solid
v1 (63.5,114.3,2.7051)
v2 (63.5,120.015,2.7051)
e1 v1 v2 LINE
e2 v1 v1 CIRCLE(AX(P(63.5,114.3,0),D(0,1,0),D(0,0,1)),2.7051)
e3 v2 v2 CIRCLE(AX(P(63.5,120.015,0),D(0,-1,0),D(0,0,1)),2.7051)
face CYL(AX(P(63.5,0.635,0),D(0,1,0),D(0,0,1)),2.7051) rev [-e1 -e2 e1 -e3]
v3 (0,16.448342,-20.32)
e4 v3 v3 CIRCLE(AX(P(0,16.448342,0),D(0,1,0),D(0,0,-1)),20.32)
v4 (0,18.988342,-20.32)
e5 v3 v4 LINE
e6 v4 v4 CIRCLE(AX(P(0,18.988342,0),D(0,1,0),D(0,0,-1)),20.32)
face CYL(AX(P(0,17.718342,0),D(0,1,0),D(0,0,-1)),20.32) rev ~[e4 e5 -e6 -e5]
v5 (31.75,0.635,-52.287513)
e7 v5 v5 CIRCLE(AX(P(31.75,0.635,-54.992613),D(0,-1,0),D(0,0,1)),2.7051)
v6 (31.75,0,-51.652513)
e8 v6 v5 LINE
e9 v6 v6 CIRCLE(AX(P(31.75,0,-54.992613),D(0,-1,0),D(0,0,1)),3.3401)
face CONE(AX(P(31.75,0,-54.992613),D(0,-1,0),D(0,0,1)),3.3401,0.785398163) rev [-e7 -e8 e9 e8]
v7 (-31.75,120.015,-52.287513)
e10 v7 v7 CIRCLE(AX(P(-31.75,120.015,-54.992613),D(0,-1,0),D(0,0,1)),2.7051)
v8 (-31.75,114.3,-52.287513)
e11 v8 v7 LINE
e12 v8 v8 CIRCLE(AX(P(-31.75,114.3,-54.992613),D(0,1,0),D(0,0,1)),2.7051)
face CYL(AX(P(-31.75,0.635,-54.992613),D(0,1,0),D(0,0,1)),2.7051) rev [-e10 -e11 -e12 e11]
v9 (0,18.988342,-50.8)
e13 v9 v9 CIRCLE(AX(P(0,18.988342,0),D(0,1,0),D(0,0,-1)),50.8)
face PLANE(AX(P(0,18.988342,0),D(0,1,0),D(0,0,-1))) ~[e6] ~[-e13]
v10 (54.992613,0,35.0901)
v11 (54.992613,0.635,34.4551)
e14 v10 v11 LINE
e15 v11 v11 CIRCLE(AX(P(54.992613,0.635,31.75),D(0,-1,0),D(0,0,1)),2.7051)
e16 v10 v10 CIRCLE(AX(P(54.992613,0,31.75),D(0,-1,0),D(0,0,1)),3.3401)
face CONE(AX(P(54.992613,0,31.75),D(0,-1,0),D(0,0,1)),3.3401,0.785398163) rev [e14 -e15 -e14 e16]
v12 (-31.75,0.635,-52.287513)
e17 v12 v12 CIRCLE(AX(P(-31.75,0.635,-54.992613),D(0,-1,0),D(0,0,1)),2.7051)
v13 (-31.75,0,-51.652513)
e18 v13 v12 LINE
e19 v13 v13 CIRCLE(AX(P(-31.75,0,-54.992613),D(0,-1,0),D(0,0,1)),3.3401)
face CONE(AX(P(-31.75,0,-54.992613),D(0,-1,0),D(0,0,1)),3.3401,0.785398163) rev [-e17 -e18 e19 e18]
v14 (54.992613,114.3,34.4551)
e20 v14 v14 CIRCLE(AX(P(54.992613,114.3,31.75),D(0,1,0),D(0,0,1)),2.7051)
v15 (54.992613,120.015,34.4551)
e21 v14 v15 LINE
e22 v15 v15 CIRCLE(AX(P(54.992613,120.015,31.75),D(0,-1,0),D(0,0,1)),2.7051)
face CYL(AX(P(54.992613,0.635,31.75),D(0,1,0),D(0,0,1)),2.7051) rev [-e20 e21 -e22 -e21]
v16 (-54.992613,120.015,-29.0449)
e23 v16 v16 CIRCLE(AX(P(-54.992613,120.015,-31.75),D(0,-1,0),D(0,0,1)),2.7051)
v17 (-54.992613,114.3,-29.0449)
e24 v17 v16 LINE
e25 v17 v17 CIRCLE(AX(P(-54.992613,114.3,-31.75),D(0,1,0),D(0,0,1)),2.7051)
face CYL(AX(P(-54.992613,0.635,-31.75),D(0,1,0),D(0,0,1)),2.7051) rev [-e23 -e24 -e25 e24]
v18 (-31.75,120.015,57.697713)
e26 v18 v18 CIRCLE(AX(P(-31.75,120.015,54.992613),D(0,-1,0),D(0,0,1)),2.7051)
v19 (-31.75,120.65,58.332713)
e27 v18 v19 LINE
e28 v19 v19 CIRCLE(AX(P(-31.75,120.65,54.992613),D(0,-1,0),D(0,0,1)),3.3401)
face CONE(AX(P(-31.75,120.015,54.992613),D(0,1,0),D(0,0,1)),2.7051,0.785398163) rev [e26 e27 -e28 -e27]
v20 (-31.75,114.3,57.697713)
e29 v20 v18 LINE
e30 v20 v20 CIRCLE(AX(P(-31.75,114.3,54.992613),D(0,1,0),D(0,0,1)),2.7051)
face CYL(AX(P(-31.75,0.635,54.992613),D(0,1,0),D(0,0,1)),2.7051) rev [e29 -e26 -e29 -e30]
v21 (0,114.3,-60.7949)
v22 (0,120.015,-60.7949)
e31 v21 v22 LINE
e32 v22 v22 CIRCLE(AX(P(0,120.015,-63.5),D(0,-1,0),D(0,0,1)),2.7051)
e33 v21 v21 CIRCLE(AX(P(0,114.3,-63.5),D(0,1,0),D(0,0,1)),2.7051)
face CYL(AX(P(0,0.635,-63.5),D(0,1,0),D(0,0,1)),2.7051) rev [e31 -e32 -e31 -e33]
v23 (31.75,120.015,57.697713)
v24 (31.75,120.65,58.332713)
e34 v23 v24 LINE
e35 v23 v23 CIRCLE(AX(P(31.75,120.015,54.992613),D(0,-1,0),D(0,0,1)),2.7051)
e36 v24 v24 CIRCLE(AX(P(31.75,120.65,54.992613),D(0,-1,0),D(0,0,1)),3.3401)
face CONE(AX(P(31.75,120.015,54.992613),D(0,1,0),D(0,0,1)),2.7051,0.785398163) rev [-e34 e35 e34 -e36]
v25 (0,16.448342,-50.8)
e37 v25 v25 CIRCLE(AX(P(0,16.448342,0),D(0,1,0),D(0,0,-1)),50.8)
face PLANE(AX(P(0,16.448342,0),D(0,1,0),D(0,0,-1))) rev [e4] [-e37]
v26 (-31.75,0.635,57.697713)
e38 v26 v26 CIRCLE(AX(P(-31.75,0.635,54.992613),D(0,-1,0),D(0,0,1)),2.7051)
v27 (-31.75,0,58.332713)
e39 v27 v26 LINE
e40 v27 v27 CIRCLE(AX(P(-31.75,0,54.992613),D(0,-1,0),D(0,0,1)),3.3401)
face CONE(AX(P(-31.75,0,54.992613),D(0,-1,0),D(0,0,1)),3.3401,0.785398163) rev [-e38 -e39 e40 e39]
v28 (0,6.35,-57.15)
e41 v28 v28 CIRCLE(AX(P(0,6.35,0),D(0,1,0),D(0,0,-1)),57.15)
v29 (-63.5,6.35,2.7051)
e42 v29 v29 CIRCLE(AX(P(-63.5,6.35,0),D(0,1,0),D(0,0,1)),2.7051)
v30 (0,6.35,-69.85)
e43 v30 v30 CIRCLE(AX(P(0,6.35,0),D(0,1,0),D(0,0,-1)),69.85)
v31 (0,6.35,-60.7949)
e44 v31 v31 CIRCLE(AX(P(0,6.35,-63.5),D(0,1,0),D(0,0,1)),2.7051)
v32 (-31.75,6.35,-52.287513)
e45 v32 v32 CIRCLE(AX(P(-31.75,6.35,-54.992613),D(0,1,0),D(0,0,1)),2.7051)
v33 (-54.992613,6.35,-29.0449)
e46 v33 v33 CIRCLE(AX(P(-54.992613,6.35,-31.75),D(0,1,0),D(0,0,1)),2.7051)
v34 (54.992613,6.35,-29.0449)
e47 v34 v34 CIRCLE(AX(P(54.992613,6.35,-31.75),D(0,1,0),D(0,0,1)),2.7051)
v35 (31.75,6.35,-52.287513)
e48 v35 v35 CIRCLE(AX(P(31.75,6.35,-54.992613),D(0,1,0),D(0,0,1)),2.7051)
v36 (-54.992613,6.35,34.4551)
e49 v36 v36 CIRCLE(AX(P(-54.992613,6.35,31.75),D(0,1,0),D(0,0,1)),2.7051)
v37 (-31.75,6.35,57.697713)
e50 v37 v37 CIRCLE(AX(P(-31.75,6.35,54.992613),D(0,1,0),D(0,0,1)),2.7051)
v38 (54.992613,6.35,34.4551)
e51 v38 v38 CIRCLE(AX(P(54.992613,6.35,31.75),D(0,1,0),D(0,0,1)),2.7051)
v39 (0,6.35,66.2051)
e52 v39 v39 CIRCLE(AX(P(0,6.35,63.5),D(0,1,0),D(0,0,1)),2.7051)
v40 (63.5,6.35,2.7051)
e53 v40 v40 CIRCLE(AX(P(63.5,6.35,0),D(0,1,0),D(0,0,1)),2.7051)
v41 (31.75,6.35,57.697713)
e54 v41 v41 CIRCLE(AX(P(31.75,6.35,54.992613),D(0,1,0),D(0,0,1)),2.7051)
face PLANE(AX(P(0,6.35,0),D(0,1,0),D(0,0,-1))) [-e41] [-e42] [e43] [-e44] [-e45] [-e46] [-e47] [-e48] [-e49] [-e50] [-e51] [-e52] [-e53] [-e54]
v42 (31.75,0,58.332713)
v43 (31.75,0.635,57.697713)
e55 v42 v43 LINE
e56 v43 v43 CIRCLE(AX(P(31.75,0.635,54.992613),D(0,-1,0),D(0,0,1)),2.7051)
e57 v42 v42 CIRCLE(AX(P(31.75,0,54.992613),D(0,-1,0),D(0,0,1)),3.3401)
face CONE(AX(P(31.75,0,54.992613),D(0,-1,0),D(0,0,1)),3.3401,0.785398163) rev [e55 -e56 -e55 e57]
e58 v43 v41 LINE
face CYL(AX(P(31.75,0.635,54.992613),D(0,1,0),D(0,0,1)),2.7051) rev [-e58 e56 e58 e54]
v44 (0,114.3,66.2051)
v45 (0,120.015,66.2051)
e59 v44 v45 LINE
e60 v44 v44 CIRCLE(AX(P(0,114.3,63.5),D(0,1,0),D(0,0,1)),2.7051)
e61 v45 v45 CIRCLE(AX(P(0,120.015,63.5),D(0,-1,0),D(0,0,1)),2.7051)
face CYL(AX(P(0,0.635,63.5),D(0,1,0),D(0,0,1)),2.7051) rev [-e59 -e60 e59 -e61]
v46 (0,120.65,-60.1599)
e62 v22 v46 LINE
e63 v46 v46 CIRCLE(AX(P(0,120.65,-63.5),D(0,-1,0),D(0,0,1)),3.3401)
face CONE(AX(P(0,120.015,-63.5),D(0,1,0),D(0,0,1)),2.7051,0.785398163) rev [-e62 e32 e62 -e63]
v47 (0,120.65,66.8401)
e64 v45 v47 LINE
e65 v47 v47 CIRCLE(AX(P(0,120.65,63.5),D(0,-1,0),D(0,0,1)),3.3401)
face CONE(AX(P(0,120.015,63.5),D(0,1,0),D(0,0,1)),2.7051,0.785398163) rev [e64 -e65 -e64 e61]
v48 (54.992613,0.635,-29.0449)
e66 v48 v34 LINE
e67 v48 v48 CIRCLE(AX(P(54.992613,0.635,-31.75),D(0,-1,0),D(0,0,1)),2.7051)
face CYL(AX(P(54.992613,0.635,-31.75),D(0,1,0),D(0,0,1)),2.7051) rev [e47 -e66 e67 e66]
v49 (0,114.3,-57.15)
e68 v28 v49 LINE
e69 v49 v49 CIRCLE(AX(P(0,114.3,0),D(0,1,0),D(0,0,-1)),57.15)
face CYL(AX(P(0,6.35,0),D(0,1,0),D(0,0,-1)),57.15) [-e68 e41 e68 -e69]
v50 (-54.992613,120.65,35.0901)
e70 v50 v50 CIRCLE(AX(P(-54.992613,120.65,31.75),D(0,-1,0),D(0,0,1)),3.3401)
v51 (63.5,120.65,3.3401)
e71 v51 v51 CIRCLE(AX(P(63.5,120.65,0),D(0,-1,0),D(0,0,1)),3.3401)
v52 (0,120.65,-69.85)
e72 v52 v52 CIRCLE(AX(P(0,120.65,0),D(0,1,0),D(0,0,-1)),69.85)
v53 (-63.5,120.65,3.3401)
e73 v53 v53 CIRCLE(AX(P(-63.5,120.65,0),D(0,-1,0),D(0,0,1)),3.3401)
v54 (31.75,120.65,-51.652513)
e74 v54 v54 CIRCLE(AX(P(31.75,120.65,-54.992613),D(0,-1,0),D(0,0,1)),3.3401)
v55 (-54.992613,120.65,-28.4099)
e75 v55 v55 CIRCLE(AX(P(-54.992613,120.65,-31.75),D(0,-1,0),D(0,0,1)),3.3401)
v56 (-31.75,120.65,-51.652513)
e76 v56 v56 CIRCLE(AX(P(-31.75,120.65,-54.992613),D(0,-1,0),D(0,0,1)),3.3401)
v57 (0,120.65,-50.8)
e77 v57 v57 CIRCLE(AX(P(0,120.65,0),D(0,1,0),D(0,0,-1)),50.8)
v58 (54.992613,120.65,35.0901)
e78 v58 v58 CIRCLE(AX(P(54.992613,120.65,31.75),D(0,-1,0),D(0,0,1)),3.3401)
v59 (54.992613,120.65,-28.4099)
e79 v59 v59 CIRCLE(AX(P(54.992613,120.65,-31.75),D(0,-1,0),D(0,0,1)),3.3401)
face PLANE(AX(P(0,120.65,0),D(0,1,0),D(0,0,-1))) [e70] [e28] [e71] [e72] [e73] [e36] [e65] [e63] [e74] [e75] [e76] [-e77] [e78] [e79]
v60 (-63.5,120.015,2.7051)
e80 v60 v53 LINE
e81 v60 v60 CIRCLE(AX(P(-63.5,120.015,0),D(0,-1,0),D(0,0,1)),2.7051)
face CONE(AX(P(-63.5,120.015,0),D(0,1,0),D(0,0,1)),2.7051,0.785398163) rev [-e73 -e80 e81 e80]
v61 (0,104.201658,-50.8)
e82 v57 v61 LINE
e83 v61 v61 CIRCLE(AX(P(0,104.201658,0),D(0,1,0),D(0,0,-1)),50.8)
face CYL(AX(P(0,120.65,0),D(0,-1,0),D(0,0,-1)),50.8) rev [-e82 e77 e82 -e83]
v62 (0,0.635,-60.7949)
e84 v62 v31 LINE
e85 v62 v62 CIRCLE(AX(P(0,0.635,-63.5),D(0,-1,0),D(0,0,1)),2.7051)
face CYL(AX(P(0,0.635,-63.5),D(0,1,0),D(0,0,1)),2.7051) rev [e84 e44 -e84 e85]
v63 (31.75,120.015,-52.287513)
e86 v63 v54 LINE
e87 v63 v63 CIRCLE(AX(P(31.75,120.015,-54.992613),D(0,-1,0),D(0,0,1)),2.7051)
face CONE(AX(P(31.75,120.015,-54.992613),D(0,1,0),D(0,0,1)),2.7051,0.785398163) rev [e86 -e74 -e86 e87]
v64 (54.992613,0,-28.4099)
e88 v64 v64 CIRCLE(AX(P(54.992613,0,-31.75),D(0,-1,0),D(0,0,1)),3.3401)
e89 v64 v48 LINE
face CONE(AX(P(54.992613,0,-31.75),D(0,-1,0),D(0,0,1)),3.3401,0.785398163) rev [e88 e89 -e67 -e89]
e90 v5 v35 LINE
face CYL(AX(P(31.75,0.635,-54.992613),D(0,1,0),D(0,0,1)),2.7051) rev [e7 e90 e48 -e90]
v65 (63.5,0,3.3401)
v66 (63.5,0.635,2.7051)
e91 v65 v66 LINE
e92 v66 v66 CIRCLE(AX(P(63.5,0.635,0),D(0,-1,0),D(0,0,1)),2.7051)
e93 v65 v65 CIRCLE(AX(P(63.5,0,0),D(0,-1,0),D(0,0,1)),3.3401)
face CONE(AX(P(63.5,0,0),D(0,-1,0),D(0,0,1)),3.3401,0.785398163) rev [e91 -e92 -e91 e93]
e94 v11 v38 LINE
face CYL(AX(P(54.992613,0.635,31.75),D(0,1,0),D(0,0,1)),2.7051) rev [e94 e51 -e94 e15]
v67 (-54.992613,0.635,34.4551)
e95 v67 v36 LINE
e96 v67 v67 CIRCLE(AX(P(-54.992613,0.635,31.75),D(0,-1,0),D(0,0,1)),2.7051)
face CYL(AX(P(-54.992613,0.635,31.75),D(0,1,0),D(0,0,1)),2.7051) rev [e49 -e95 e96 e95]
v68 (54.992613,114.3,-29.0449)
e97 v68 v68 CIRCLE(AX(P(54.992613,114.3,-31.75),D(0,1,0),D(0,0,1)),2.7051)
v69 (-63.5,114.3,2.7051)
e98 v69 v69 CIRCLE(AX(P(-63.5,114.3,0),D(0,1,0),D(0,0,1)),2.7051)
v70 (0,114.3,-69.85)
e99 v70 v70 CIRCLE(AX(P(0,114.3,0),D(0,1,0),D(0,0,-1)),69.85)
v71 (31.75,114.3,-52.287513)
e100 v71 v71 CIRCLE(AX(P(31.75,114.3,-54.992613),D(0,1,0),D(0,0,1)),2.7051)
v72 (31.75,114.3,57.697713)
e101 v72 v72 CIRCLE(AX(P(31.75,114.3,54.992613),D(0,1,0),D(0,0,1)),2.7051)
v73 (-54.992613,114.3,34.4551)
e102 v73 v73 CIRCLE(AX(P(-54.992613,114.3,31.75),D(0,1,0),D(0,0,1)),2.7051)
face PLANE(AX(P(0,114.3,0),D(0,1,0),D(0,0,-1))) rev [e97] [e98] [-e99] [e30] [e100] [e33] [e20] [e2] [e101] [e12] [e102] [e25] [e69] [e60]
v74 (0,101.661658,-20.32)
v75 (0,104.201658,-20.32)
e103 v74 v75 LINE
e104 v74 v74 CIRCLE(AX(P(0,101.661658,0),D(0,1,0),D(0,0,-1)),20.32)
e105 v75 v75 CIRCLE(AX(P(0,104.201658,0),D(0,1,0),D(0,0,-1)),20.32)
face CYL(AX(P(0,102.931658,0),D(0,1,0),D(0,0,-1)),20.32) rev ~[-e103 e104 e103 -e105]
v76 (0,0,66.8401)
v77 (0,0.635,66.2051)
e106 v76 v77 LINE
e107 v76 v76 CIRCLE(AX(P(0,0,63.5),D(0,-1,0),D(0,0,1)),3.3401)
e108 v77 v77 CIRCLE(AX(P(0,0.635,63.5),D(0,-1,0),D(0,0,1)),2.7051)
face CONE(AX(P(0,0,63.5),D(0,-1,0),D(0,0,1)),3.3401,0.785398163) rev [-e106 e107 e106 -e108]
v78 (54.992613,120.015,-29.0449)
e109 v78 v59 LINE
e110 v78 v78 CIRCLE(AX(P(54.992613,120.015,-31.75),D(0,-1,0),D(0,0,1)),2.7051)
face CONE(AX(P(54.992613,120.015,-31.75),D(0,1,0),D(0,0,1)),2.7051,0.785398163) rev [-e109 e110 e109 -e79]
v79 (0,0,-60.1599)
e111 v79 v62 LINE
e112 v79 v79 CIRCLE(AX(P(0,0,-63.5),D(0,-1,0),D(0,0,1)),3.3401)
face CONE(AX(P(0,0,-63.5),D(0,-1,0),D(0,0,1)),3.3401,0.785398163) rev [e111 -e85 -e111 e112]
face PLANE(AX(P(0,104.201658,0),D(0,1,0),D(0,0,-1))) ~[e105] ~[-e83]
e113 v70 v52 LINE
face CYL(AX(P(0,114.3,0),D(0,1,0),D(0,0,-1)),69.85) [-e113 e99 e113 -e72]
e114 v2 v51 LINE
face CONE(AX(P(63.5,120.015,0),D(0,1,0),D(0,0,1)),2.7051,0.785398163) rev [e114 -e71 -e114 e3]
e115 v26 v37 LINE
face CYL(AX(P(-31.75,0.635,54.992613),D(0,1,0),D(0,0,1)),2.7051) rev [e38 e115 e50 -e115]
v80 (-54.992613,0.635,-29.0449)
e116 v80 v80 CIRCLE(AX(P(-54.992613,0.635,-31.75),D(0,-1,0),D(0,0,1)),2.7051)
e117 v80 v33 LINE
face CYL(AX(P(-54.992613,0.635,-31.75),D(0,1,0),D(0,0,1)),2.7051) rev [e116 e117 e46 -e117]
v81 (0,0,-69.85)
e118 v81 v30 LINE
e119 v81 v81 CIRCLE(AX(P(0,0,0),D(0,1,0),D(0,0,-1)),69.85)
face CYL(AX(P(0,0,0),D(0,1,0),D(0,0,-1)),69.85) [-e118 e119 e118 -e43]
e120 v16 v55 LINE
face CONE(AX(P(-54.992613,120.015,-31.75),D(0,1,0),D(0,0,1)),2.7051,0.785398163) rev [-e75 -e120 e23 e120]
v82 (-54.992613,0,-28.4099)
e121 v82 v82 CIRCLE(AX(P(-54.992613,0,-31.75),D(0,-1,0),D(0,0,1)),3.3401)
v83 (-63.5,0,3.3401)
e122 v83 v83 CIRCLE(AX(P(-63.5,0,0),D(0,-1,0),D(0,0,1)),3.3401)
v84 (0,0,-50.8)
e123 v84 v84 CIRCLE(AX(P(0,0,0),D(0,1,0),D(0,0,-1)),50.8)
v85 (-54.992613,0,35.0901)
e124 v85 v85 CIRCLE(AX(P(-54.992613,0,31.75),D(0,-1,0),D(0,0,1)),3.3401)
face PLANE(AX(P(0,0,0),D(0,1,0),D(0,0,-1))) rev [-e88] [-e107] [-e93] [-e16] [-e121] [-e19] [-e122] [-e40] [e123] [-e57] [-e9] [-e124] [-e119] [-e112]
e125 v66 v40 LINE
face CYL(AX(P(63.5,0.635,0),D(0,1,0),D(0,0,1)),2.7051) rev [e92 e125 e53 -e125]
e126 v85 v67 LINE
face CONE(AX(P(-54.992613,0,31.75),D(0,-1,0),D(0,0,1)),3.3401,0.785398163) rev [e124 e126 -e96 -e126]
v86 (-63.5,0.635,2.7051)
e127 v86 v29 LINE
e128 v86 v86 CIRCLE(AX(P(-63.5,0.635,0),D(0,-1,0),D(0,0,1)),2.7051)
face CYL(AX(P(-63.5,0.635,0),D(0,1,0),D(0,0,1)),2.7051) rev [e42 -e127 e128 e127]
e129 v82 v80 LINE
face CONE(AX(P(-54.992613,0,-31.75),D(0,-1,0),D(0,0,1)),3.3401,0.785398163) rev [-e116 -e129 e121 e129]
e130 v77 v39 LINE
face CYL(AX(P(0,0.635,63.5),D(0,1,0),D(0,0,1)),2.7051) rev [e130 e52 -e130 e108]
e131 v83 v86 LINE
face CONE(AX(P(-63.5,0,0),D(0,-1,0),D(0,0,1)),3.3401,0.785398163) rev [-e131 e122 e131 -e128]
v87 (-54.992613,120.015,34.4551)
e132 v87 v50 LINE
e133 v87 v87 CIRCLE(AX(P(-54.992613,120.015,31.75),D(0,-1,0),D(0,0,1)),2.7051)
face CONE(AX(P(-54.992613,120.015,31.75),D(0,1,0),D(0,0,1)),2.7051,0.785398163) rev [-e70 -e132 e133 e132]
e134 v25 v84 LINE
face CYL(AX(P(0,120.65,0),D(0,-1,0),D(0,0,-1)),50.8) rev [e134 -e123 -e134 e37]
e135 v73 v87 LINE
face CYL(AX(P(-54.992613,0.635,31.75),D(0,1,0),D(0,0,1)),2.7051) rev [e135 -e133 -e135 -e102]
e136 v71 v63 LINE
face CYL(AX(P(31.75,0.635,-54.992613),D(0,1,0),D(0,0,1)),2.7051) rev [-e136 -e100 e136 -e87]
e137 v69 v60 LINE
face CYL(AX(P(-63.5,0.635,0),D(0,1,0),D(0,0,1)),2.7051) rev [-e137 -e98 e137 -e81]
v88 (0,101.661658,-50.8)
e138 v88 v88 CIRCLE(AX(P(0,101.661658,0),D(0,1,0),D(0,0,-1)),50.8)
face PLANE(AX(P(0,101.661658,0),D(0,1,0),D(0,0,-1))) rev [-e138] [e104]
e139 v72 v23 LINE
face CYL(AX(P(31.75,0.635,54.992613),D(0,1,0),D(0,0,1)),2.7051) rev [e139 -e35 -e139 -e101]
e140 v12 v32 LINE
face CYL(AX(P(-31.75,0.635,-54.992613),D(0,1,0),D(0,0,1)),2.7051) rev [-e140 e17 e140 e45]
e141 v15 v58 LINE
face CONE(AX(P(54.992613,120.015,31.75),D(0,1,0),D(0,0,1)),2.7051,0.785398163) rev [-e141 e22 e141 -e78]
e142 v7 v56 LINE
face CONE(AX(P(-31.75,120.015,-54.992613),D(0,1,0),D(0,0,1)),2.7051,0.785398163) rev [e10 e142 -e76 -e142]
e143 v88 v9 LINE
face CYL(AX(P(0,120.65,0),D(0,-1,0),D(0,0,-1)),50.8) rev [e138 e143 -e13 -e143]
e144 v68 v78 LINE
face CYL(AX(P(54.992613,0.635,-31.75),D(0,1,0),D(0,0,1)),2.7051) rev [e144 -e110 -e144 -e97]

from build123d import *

# Parameters (mm, degrees)
SKETCH4_W                            = 30.48
SKETCH4_H                            = 2.54
F_3_0_213_DIAMETER_HOLE1_AT_2_COUNT  = 2
F_3_0_213_DIAMETER_HOLE1_AT_2_PITCH  = 63.5
F_3_0_213_DIAMETER_HOLE1_AT_3_COUNT  = 2
F_3_0_213_DIAMETER_HOLE1_AT_3_PITCH  = 32.870018728
F_3_0_213_DIAMETER_HOLE1_AT_4_COUNT  = 2
F_3_0_213_DIAMETER_HOLE1_AT_4_PITCH  = 63.5
F_3_0_213_DIAMETER_HOLE1_AT_5_COUNT  = 2
F_3_0_213_DIAMETER_HOLE1_AT_5_PITCH  = 89.802561211
F_3_0_213_DIAMETER_HOLE1_AT_6_COUNT  = 2
F_3_0_213_DIAMETER_HOLE1_AT_6_PITCH  = 109.985226281
F_3_0_213_DIAMETER_HOLE1_AT_7_COUNT  = 2
F_3_0_213_DIAMETER_HOLE1_AT_7_PITCH  = 122.672579939
F_3_0_213_DIAMETER_HOLE1_AT_8_COUNT  = 2
F_3_0_213_DIAMETER_HOLE1_AT_8_PITCH  = 127
F_3_0_213_DIAMETER_HOLE1_AT_9_COUNT  = 2
F_3_0_213_DIAMETER_HOLE1_AT_9_PITCH  = 122.672579939
F_3_0_213_DIAMETER_HOLE1_AT_10_COUNT = 2
F_3_0_213_DIAMETER_HOLE1_AT_10_PITCH = 109.985226281
F_3_0_213_DIAMETER_HOLE1_AT_11_COUNT = 2
F_3_0_213_DIAMETER_HOLE1_AT_11_PITCH = 89.802561211
F_3_0_213_DIAMETER_HOLE1_AT_12_COUNT = 2
F_3_0_213_DIAMETER_HOLE1_AT_12_PITCH = 63.5
F_3_0_213_DIAMETER_HOLE1_AT_13_COUNT = 2
F_3_0_213_DIAMETER_HOLE1_AT_13_PITCH = 32.870018728


with BuildPart() as part:
    # Sketch1 → Chamber (revolve)
    with BuildSketch(Plane(origin=(0, 0, 0), x_dir=(0, 0, -1), z_dir=(1, 0, 0))):
        Polygon((57.15, 6.35), (57.15, 114.3), (69.85, 114.3), (69.85, 120.65), (57.15, 120.65), (50.8, 120.65), (50.8, 114.3), (50.8, 6.35), (50.8, 0), (57.15, 0), (69.85, 0), (69.85, 6.35), align=None)
    revolve(axis=Axis((0, 0, 0), (0, 1, 0)))

    # Sketch4 → Turbulence Rings (revolve)
    with BuildSketch(Plane(origin=(0, 0, 0), x_dir=(0, 0, -1), z_dir=(1, 0, 0))):
        with Locations((35.56, 102.931657822)):
            Rectangle(SKETCH4_W, SKETCH4_H)
        with Locations((35.56, 17.718342178)):
            Rectangle(SKETCH4_W, SKETCH4_H)
    revolve(axis=Axis((0, 0, 0), (0, 1, 0)))

    # Sketch6 → #3 (0.213) Diameter Hole1 (revolve, cut)
    with BuildSketch(Plane(origin=(-54.99261314, 120.65, 31.75), x_dir=(0, 0, 1), z_dir=(1, 0, 0))):
        Polygon((0, 0), (0, 120.65), (3.3401, 120.65), (2.7051, 120.015), (2.7051, 0.635), (3.3401, 0), align=None)
    f_3_0_213_diameter_hole1 = revolve(axis=Axis((-54.99261314, 127, 31.75), (0, -1, 0)), mode=Mode.SUBTRACT)

    # #3 (0.213) Diameter Hole1 at 2: #3 (0.213) Diameter Hole1 ×2
    with Locations(*[Vector(0.866025404, 0, -0.5) * (i * F_3_0_213_DIAMETER_HOLE1_AT_2_PITCH) for i in range(1, F_3_0_213_DIAMETER_HOLE1_AT_2_COUNT)]):
        add(f_3_0_213_diameter_hole1, mode=Mode.SUBTRACT)

    # #3 (0.213) Diameter Hole1 at 3: #3 (0.213) Diameter Hole1 ×2
    with Locations(*[Vector(-0.258819045, 0, -0.965925826) * (i * F_3_0_213_DIAMETER_HOLE1_AT_3_PITCH) for i in range(1, F_3_0_213_DIAMETER_HOLE1_AT_3_COUNT)]):
        add(f_3_0_213_diameter_hole1, mode=Mode.SUBTRACT)

    # #3 (0.213) Diameter Hole1 at 4: #3 (0.213) Diameter Hole1 ×2
    with Locations(*[(0, 0, -i * F_3_0_213_DIAMETER_HOLE1_AT_4_PITCH) for i in range(1, F_3_0_213_DIAMETER_HOLE1_AT_4_COUNT)]):
        add(f_3_0_213_diameter_hole1, mode=Mode.SUBTRACT)

    # #3 (0.213) Diameter Hole1 at 5: #3 (0.213) Diameter Hole1 ×2
    with Locations(*[Vector(0.258819045, 0, -0.965925826) * (i * F_3_0_213_DIAMETER_HOLE1_AT_5_PITCH) for i in range(1, F_3_0_213_DIAMETER_HOLE1_AT_5_COUNT)]):
        add(f_3_0_213_diameter_hole1, mode=Mode.SUBTRACT)

    # #3 (0.213) Diameter Hole1 at 6: #3 (0.213) Diameter Hole1 ×2
    with Locations(*[Vector(0.5, 0, -0.866025404) * (i * F_3_0_213_DIAMETER_HOLE1_AT_6_PITCH) for i in range(1, F_3_0_213_DIAMETER_HOLE1_AT_6_COUNT)]):
        add(f_3_0_213_diameter_hole1, mode=Mode.SUBTRACT)

    # #3 (0.213) Diameter Hole1 at 7: #3 (0.213) Diameter Hole1 ×2
    with Locations(*[Vector(0.707106781, 0, -0.707106781) * (i * F_3_0_213_DIAMETER_HOLE1_AT_7_PITCH) for i in range(1, F_3_0_213_DIAMETER_HOLE1_AT_7_COUNT)]):
        add(f_3_0_213_diameter_hole1, mode=Mode.SUBTRACT)

    # #3 (0.213) Diameter Hole1 at 8: #3 (0.213) Diameter Hole1 ×2
    with Locations(*[Vector(0.866025404, 0, -0.5) * (i * F_3_0_213_DIAMETER_HOLE1_AT_8_PITCH) for i in range(1, F_3_0_213_DIAMETER_HOLE1_AT_8_COUNT)]):
        add(f_3_0_213_diameter_hole1, mode=Mode.SUBTRACT)

    # #3 (0.213) Diameter Hole1 at 9: #3 (0.213) Diameter Hole1 ×2
    with Locations(*[Vector(0.965925826, 0, -0.258819045) * (i * F_3_0_213_DIAMETER_HOLE1_AT_9_PITCH) for i in range(1, F_3_0_213_DIAMETER_HOLE1_AT_9_COUNT)]):
        add(f_3_0_213_diameter_hole1, mode=Mode.SUBTRACT)

    # #3 (0.213) Diameter Hole1 at 10: #3 (0.213) Diameter Hole1 ×2
    with Locations(*[(i * F_3_0_213_DIAMETER_HOLE1_AT_10_PITCH, 0, 0) for i in range(1, F_3_0_213_DIAMETER_HOLE1_AT_10_COUNT)]):
        add(f_3_0_213_diameter_hole1, mode=Mode.SUBTRACT)

    # #3 (0.213) Diameter Hole1 at 11: #3 (0.213) Diameter Hole1 ×2
    with Locations(*[Vector(0.965925826, 0, 0.258819045) * (i * F_3_0_213_DIAMETER_HOLE1_AT_11_PITCH) for i in range(1, F_3_0_213_DIAMETER_HOLE1_AT_11_COUNT)]):
        add(f_3_0_213_diameter_hole1, mode=Mode.SUBTRACT)

    # #3 (0.213) Diameter Hole1 at 12: #3 (0.213) Diameter Hole1 ×2
    with Locations(*[Vector(0.866025404, 0, 0.5) * (i * F_3_0_213_DIAMETER_HOLE1_AT_12_PITCH) for i in range(1, F_3_0_213_DIAMETER_HOLE1_AT_12_COUNT)]):
        add(f_3_0_213_diameter_hole1, mode=Mode.SUBTRACT)

    # #3 (0.213) Diameter Hole1 at 13: #3 (0.213) Diameter Hole1 ×2
    with Locations(*[Vector(0.707106781, 0, 0.707106781) * (i * F_3_0_213_DIAMETER_HOLE1_AT_13_PITCH) for i in range(1, F_3_0_213_DIAMETER_HOLE1_AT_13_COUNT)]):
        add(f_3_0_213_diameter_hole1, mode=Mode.SUBTRACT)


solid = part.part
